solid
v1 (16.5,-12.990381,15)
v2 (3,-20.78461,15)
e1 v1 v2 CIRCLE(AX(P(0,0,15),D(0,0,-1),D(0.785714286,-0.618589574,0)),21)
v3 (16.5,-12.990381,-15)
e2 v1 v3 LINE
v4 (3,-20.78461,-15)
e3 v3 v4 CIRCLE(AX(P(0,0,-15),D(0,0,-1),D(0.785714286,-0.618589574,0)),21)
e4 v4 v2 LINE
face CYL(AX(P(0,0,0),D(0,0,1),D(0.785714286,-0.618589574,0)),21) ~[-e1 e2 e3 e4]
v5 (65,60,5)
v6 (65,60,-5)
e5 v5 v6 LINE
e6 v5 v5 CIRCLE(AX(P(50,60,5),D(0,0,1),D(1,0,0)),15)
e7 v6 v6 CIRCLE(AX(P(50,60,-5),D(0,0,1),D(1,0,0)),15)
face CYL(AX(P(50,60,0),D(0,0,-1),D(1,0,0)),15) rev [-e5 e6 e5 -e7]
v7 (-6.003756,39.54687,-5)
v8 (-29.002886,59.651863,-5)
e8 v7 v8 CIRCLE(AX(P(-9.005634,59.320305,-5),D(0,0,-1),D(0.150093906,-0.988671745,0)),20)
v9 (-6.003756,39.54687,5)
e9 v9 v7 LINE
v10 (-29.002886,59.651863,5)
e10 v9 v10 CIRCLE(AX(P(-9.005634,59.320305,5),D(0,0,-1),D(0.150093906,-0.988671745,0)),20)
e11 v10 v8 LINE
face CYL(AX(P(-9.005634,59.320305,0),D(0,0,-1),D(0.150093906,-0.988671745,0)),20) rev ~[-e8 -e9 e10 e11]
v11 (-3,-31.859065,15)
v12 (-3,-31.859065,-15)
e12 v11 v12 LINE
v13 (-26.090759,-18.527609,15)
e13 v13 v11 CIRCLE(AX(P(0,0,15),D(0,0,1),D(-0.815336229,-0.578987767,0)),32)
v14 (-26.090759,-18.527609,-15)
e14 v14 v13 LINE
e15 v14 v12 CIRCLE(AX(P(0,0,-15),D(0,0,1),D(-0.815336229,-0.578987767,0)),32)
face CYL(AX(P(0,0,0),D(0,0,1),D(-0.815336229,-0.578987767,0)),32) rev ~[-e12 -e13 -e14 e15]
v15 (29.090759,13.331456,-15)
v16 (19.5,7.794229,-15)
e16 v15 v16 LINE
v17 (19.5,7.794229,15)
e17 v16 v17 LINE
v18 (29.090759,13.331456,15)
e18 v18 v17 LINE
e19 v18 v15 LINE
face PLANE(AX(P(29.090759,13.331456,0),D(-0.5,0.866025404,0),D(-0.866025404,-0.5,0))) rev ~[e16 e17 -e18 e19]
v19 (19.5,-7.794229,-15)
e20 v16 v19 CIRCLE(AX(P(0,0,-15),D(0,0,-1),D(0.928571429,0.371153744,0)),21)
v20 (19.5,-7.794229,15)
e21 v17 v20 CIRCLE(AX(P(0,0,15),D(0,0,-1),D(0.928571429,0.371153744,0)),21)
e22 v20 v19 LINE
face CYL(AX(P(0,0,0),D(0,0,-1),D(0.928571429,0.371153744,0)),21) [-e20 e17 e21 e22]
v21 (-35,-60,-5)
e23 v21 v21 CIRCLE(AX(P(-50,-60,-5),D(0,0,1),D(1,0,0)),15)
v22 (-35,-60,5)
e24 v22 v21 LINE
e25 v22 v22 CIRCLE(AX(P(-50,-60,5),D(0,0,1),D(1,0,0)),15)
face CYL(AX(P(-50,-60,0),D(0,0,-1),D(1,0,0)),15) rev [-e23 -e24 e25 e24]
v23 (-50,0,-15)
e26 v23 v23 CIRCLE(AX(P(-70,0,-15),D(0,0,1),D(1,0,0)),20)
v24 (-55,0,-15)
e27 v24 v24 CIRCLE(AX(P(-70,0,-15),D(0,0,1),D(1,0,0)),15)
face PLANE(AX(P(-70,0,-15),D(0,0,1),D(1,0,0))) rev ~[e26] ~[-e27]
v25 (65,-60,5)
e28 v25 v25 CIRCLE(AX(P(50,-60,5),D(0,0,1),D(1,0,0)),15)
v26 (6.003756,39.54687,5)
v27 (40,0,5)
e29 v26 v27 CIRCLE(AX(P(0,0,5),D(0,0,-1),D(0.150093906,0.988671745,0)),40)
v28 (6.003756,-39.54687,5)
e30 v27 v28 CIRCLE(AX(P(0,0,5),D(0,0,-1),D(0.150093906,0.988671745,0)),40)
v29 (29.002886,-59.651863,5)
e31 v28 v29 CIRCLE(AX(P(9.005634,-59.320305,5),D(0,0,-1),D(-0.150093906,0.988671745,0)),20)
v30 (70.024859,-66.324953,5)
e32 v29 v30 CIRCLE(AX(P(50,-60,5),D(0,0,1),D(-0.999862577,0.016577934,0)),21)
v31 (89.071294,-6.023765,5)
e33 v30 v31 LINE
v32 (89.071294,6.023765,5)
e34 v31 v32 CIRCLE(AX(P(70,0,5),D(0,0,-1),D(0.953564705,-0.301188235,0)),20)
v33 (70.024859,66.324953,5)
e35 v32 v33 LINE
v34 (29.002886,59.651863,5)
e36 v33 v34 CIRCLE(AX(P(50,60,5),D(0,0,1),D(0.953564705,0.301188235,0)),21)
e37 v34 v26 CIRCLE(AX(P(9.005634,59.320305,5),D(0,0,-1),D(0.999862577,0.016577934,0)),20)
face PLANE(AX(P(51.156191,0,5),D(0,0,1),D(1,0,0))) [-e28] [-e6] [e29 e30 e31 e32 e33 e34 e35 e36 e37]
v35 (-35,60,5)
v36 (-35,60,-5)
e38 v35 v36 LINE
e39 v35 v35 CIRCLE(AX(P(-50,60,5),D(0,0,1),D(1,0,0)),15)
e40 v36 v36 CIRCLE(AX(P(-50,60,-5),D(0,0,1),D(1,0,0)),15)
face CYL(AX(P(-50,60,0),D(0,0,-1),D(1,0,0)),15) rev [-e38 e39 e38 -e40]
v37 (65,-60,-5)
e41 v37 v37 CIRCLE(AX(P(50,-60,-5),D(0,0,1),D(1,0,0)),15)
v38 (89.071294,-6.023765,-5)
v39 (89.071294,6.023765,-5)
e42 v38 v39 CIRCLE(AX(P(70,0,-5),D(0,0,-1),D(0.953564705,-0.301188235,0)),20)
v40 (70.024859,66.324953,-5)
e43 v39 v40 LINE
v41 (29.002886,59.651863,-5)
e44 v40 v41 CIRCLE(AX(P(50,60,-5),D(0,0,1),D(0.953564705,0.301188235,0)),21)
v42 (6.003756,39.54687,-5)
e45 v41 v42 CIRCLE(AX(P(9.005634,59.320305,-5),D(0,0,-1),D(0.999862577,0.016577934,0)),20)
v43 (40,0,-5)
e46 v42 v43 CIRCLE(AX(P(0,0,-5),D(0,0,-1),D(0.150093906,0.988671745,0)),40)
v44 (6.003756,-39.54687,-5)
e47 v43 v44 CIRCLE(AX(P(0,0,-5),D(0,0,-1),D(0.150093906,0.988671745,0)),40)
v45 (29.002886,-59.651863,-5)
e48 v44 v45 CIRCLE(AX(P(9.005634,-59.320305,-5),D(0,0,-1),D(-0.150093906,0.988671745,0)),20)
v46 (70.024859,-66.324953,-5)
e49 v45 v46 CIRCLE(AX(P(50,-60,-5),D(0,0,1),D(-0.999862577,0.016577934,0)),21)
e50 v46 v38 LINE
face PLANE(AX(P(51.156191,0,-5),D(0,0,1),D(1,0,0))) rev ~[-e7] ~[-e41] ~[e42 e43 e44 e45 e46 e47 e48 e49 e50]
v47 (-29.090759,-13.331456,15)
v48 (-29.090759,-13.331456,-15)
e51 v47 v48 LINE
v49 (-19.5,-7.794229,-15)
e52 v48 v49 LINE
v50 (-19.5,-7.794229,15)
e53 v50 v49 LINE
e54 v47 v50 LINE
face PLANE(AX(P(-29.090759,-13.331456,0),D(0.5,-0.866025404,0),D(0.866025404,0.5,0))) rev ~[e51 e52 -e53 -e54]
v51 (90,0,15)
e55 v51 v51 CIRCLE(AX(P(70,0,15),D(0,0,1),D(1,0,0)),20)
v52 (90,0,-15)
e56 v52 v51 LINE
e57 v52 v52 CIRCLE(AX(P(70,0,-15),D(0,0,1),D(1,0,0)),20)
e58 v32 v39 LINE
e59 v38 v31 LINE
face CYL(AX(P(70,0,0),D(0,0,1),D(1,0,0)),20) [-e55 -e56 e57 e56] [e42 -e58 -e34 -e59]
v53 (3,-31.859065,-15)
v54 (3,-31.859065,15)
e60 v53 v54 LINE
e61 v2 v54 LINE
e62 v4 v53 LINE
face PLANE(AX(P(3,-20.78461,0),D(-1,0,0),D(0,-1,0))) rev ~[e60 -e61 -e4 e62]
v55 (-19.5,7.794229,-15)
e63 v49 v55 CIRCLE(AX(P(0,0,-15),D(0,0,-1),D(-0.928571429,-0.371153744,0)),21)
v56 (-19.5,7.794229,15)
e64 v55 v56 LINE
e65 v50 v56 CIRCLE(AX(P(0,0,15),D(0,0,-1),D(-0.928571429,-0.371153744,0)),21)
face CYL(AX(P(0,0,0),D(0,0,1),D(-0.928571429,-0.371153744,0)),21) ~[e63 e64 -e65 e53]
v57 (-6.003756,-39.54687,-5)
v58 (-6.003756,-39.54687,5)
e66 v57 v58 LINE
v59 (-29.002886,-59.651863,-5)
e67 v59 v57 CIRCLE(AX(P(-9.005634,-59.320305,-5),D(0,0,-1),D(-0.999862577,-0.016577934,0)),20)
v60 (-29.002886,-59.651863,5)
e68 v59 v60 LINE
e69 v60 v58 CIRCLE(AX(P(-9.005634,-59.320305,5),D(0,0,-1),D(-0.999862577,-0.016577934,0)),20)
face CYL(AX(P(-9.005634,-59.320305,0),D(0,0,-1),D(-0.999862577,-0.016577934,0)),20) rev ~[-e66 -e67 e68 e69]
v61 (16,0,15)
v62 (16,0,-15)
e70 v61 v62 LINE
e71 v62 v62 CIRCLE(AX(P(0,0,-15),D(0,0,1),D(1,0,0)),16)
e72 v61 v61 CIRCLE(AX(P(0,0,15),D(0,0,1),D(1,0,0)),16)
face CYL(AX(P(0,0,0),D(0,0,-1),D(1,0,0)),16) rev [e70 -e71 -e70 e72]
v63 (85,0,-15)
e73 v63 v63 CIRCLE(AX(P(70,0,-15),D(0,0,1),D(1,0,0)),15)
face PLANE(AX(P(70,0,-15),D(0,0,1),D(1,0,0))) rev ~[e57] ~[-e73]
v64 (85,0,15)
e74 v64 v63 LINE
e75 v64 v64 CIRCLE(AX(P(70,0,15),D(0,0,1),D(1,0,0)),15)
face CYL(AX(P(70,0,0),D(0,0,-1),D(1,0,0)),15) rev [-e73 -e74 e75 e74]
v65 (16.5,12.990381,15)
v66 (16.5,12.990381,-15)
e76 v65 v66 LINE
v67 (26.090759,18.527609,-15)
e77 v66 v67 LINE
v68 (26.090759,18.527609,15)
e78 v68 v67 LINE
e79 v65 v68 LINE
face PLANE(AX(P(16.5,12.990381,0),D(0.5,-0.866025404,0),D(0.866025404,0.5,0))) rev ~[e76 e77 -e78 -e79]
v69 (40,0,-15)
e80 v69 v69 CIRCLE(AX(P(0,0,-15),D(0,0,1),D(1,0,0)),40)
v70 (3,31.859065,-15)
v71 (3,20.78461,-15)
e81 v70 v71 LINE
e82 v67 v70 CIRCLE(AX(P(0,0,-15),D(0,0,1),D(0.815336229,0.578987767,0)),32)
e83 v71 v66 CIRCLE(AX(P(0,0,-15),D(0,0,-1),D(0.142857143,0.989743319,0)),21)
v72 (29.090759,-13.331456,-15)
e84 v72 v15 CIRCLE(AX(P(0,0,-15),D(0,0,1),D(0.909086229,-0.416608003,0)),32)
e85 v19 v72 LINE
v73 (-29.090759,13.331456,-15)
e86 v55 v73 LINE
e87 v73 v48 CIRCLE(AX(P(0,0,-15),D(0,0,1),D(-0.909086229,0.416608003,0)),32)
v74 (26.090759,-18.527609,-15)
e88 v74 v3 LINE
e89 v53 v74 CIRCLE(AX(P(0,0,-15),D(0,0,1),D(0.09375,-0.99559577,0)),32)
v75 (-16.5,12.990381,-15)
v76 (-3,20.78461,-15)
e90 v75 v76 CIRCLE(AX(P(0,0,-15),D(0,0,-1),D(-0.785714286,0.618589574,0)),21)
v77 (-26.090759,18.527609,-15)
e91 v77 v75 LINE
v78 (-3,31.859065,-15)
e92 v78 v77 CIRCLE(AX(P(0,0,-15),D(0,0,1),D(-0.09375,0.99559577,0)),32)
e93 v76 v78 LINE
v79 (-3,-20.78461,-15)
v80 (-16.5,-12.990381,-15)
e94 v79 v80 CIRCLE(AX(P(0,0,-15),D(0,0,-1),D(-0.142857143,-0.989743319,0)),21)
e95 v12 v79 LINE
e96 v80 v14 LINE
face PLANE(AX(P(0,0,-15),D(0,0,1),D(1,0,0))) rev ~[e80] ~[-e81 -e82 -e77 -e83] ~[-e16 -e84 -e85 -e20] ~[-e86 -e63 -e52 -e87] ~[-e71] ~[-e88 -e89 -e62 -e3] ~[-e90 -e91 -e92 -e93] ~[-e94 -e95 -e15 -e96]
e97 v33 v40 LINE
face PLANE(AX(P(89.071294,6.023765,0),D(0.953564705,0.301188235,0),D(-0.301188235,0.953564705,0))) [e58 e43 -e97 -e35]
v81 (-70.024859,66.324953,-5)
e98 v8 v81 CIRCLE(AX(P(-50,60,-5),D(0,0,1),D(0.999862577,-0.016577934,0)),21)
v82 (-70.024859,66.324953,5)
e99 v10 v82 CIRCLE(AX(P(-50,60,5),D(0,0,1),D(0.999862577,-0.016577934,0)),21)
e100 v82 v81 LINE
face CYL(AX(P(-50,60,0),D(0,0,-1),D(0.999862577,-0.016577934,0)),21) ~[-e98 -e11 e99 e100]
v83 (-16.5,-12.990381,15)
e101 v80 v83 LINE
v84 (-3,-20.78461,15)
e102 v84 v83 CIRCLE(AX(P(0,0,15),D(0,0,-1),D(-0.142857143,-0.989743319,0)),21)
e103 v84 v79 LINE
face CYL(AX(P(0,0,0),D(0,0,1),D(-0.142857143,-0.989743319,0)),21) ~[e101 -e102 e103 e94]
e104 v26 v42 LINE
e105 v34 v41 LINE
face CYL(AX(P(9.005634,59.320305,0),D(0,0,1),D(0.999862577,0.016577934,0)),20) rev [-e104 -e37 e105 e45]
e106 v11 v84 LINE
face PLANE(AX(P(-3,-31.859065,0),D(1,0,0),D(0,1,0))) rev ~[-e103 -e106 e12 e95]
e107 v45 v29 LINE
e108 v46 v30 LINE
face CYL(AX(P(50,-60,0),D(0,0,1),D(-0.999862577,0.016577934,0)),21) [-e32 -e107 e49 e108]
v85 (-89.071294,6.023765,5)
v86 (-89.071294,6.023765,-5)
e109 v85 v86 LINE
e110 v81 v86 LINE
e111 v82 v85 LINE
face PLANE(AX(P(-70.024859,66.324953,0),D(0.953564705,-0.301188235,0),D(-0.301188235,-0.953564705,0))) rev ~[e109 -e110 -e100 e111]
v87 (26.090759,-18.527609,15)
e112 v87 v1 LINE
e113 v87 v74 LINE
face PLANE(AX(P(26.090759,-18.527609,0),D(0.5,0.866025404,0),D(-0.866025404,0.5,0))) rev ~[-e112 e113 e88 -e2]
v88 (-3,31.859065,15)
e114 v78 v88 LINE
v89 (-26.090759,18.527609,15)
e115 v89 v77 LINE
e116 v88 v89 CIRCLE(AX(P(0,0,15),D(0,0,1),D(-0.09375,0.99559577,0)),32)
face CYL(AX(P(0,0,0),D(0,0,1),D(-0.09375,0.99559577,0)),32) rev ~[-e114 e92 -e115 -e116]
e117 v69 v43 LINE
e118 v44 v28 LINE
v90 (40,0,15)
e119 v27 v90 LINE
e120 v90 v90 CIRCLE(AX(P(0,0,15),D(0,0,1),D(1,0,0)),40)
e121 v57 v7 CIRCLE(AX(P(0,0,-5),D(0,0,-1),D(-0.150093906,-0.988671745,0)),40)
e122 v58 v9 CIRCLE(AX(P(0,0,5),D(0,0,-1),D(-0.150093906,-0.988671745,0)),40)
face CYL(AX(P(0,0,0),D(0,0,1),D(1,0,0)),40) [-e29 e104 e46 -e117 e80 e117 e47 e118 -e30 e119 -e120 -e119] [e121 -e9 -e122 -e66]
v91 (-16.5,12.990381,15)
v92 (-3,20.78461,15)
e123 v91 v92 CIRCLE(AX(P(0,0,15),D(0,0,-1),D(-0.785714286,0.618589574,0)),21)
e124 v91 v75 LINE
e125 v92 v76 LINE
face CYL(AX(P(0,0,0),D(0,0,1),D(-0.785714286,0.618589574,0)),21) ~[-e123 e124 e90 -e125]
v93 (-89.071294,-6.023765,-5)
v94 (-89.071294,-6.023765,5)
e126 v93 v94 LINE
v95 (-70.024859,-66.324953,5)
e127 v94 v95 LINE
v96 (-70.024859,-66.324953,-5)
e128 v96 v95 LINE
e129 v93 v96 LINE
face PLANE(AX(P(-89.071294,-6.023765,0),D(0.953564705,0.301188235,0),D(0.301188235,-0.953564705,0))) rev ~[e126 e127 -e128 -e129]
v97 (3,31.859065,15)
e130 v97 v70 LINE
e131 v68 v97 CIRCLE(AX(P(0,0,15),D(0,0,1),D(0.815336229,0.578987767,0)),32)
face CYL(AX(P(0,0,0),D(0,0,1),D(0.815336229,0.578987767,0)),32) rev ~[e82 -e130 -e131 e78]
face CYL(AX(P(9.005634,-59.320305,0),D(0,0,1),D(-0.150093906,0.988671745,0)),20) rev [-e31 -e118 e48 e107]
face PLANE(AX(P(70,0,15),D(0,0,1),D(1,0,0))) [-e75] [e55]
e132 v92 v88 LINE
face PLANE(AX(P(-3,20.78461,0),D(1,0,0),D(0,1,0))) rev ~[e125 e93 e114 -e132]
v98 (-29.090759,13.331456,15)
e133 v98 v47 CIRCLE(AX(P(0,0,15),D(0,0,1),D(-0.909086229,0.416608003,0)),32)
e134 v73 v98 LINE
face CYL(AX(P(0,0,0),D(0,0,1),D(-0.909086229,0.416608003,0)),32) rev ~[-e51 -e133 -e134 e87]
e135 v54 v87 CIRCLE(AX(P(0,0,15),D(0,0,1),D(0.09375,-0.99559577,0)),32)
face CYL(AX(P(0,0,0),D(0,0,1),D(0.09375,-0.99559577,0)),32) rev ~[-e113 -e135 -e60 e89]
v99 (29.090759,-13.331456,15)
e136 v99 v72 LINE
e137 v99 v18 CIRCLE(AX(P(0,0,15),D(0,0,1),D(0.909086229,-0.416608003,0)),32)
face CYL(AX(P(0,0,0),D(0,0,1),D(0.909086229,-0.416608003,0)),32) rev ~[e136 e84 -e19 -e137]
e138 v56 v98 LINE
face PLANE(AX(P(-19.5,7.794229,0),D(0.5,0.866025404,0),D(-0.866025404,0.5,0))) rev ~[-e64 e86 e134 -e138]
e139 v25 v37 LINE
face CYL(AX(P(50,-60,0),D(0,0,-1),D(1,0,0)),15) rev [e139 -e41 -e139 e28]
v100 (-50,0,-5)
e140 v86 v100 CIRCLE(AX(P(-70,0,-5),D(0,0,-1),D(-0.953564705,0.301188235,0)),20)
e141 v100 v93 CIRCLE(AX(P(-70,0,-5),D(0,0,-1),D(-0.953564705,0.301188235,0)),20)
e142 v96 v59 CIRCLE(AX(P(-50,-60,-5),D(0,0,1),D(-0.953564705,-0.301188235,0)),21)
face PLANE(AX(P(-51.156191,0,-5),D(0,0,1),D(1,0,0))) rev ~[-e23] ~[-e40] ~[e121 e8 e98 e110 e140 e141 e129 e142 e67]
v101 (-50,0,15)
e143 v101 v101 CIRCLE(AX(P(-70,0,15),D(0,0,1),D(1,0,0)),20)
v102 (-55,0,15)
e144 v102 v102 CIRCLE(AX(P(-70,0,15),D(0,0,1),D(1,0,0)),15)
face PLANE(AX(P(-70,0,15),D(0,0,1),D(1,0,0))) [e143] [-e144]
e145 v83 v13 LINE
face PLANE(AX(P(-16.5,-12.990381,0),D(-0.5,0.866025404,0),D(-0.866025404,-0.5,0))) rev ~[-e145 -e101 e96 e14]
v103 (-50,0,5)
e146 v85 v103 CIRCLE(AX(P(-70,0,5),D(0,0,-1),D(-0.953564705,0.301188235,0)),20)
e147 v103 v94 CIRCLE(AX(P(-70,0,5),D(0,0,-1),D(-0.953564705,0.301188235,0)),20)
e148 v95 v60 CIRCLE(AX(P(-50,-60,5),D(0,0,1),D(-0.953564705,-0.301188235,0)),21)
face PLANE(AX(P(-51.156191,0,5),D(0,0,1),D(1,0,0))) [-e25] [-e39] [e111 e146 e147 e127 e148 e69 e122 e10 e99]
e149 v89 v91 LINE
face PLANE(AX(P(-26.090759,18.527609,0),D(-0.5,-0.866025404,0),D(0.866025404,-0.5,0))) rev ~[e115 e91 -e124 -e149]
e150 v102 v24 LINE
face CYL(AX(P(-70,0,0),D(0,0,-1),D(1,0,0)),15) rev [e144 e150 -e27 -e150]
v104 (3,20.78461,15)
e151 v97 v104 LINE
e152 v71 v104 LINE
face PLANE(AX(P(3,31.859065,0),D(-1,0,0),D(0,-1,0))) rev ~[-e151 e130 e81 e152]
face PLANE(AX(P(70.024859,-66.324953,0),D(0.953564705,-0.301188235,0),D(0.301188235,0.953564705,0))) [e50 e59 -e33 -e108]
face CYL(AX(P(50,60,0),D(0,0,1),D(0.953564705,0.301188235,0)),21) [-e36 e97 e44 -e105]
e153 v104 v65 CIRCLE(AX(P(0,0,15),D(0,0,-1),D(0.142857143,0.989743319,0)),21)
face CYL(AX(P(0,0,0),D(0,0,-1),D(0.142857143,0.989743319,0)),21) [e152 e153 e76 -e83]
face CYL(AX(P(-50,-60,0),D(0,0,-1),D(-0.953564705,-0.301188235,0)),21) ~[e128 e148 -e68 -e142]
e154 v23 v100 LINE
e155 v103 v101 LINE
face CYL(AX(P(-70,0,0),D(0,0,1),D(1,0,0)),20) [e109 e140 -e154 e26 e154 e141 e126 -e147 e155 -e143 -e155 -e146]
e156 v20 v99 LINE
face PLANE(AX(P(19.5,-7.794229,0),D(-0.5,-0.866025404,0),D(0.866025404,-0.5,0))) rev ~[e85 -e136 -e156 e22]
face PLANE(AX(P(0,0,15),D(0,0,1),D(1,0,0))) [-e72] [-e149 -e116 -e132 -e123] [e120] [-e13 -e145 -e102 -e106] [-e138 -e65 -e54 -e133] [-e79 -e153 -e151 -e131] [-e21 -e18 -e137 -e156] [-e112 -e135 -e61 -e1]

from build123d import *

# Parameters (mm, degrees)
SKETCH1_R             = 20
SKETCH1_R_2           = 15
BOSS_EXTRUDE1_DEPTH   = 15
SKETCH1_R_3           = 40
SKETCH1_R_4           = 16
BOSS_EXTRUDE1_2_DEPTH = 15
BOSS_EXTRUDE1_3_DEPTH = 15
SKETCH1_3_R           = 15
BOSS_EXTRUDE2_DEPTH   = 5


with BuildPart() as part:
    # Sketch1 → Boss-Extrude1 (new, symmetric)
    with BuildSketch(Plane.XY):
        with Locations((-70, 0)):
            Circle(SKETCH1_R)
        with Locations((-70, 0)):
            Circle(SKETCH1_R_2, mode=Mode.SUBTRACT)
    extrude(amount=BOSS_EXTRUDE1_DEPTH, both=True)



with BuildPart() as body_2:
    # Sketch1 → Boss-Extrude1 2 (new, symmetric)
    with BuildSketch(Plane.XY):
        Circle(SKETCH1_R_3)
        with BuildLine():
            Line((-3, -20.784609691), (-3, -31.859064644))
            ThreePointArc((-3, -31.859064644), (-16, -27.712812921), (-26.090759323, -18.527608533))
            Line((-26.090759323, -18.527608533), (-16.5, -12.990381057))
            ThreePointArc((-16.5, -12.990381057), (-10.5, -18.186533479), (-3, -20.784609691))
        make_face(mode=Mode.SUBTRACT)
        with BuildLine():
            Line((-19.5, -7.794228634), (-29.090759323, -13.331456111))
            ThreePointArc((-29.090759323, -13.331456111), (-32, 0), (-29.090759323, 13.331456111))
            Line((-29.090759323, 13.331456111), (-19.5, 7.794228634))
            ThreePointArc((-19.5, 7.794228634), (-21, 0), (-19.5, -7.794228634))
        make_face(mode=Mode.SUBTRACT)
        with BuildLine():
            Line((16.5, -12.990381057), (26.090759323, -18.527608533))
            ThreePointArc((26.090759323, -18.527608533), (16, -27.712812921), (3, -31.859064644))
            Line((3, -31.859064644), (3, -20.784609691))
            ThreePointArc((3, -20.784609691), (10.5, -18.186533479), (16.5, -12.990381057))
        make_face(mode=Mode.SUBTRACT)
        with BuildLine():
            ThreePointArc((-26.090759323, 18.527608533), (-16, 27.712812921), (-3, 31.859064644))
            Line((-3, 31.859064644), (-3, 20.784609691))
            ThreePointArc((-3, 20.784609691), (-10.5, 18.186533479), (-16.5, 12.990381057))
            Line((-16.5, 12.990381057), (-26.090759323, 18.527608533))
        make_face(mode=Mode.SUBTRACT)
        Circle(SKETCH1_R_4, mode=Mode.SUBTRACT)
        with BuildLine():
            Line((19.5, 7.794228634), (29.090759323, 13.331456111))
            ThreePointArc((29.090759323, 13.331456111), (32, 0), (29.090759323, -13.331456111))
            Line((29.090759323, -13.331456111), (19.5, -7.794228634))
            ThreePointArc((19.5, -7.794228634), (21, 0), (19.5, 7.794228634))
        make_face(mode=Mode.SUBTRACT)
        with BuildLine():
            Line((3, 20.784609691), (3, 31.859064644))
            ThreePointArc((3, 31.859064644), (16, 27.712812921), (26.090759323, 18.527608533))
            Line((26.090759323, 18.527608533), (16.5, 12.990381057))
            ThreePointArc((16.5, 12.990381057), (10.5, 18.186533479), (3, 20.784609691))
        make_face(mode=Mode.SUBTRACT)
    extrude(amount=BOSS_EXTRUDE1_2_DEPTH, both=True)


with BuildPart() as body_3:
    # Sketch1 → Boss-Extrude1 3 (new, symmetric)
    with BuildSketch(Plane.XY):
        with Locations((70, 0)):
            Circle(SKETCH1_R)
        with Locations((70, 0)):
            Circle(SKETCH1_R_2, mode=Mode.SUBTRACT)
    extrude(amount=BOSS_EXTRUDE1_3_DEPTH, both=True)


with BuildPart() as part_1:
    add(part.part)

    add(body_2.part)  # Boss-Extrude2 merges body 2

    add(body_3.part)  # Boss-Extrude2 merges body 3
    # Sketch1<3> → Boss-Extrude2 (add, symmetric)
    # profile 1 of 2: a face of its own
    with BuildSketch(Plane.XY):
        with BuildLine():
            ThreePointArc((-89.071294105, 6.023764702), (-50, 0), (-89.071294105, -6.023764702))
            Line((-89.071294105, -6.023764702), (-70.02485881, -66.324952937))
            ThreePointArc((-70.02485881, -66.324952937), (-46.6282273, -80.727545655), (-29.002885891, -59.651863383))
            ThreePointArc((-29.002885891, -59.651863383), (-22.168588856, -44.262528341), (-6.003756239, -39.546869801))
            ThreePointArc((-6.003756239, -39.546869801), (-40, 0), (-6.003756239, 39.546869801))
            ThreePointArc((-6.003756239, 39.546869801), (-22.168588856, 44.262528341), (-29.002885891, 59.651863383))
            ThreePointArc((-29.002885891, 59.651863383), (-46.6282273, 80.727545655), (-70.02485881, 66.324952937))
            Line((-70.02485881, 66.324952937), (-89.071294105, 6.023764702))
        make_face()
        with Locations((-50, -60)):
            Circle(SKETCH1_3_R, mode=Mode.SUBTRACT)
        with Locations((-50, 60)):
            Circle(SKETCH1_3_R, mode=Mode.SUBTRACT)
    # profile 2 of 2: a face of its own
    with BuildSketch(Plane.XY):
        with BuildLine():
            ThreePointArc((6.003756239, 39.546869801), (40, 0), (6.003756239, -39.546869801))
            ThreePointArc((6.003756239, -39.546869801), (22.168588856, -44.262528341), (29.002885891, -59.651863383))
            ThreePointArc((29.002885891, -59.651863383), (46.6282273, -80.727545655), (70.02485881, -66.324952937))
            Line((70.02485881, -66.324952937), (89.071294105, -6.023764702))
            ThreePointArc((89.071294105, -6.023764702), (50, 0), (89.071294105, 6.023764702))
            Line((89.071294105, 6.023764702), (70.02485881, 66.324952937))
            ThreePointArc((70.02485881, 66.324952937), (46.6282273, 80.727545655), (29.002885891, 59.651863383))
            ThreePointArc((29.002885891, 59.651863383), (22.168588856, 44.262528341), (6.003756239, 39.546869801))
        make_face()
        with Locations((50, -60)):
            Circle(SKETCH1_3_R, mode=Mode.SUBTRACT)
        with Locations((50, 60)):
            Circle(SKETCH1_3_R, mode=Mode.SUBTRACT)
    extrude(amount=BOSS_EXTRUDE2_DEPTH, both=True)


solid = part_1.part
